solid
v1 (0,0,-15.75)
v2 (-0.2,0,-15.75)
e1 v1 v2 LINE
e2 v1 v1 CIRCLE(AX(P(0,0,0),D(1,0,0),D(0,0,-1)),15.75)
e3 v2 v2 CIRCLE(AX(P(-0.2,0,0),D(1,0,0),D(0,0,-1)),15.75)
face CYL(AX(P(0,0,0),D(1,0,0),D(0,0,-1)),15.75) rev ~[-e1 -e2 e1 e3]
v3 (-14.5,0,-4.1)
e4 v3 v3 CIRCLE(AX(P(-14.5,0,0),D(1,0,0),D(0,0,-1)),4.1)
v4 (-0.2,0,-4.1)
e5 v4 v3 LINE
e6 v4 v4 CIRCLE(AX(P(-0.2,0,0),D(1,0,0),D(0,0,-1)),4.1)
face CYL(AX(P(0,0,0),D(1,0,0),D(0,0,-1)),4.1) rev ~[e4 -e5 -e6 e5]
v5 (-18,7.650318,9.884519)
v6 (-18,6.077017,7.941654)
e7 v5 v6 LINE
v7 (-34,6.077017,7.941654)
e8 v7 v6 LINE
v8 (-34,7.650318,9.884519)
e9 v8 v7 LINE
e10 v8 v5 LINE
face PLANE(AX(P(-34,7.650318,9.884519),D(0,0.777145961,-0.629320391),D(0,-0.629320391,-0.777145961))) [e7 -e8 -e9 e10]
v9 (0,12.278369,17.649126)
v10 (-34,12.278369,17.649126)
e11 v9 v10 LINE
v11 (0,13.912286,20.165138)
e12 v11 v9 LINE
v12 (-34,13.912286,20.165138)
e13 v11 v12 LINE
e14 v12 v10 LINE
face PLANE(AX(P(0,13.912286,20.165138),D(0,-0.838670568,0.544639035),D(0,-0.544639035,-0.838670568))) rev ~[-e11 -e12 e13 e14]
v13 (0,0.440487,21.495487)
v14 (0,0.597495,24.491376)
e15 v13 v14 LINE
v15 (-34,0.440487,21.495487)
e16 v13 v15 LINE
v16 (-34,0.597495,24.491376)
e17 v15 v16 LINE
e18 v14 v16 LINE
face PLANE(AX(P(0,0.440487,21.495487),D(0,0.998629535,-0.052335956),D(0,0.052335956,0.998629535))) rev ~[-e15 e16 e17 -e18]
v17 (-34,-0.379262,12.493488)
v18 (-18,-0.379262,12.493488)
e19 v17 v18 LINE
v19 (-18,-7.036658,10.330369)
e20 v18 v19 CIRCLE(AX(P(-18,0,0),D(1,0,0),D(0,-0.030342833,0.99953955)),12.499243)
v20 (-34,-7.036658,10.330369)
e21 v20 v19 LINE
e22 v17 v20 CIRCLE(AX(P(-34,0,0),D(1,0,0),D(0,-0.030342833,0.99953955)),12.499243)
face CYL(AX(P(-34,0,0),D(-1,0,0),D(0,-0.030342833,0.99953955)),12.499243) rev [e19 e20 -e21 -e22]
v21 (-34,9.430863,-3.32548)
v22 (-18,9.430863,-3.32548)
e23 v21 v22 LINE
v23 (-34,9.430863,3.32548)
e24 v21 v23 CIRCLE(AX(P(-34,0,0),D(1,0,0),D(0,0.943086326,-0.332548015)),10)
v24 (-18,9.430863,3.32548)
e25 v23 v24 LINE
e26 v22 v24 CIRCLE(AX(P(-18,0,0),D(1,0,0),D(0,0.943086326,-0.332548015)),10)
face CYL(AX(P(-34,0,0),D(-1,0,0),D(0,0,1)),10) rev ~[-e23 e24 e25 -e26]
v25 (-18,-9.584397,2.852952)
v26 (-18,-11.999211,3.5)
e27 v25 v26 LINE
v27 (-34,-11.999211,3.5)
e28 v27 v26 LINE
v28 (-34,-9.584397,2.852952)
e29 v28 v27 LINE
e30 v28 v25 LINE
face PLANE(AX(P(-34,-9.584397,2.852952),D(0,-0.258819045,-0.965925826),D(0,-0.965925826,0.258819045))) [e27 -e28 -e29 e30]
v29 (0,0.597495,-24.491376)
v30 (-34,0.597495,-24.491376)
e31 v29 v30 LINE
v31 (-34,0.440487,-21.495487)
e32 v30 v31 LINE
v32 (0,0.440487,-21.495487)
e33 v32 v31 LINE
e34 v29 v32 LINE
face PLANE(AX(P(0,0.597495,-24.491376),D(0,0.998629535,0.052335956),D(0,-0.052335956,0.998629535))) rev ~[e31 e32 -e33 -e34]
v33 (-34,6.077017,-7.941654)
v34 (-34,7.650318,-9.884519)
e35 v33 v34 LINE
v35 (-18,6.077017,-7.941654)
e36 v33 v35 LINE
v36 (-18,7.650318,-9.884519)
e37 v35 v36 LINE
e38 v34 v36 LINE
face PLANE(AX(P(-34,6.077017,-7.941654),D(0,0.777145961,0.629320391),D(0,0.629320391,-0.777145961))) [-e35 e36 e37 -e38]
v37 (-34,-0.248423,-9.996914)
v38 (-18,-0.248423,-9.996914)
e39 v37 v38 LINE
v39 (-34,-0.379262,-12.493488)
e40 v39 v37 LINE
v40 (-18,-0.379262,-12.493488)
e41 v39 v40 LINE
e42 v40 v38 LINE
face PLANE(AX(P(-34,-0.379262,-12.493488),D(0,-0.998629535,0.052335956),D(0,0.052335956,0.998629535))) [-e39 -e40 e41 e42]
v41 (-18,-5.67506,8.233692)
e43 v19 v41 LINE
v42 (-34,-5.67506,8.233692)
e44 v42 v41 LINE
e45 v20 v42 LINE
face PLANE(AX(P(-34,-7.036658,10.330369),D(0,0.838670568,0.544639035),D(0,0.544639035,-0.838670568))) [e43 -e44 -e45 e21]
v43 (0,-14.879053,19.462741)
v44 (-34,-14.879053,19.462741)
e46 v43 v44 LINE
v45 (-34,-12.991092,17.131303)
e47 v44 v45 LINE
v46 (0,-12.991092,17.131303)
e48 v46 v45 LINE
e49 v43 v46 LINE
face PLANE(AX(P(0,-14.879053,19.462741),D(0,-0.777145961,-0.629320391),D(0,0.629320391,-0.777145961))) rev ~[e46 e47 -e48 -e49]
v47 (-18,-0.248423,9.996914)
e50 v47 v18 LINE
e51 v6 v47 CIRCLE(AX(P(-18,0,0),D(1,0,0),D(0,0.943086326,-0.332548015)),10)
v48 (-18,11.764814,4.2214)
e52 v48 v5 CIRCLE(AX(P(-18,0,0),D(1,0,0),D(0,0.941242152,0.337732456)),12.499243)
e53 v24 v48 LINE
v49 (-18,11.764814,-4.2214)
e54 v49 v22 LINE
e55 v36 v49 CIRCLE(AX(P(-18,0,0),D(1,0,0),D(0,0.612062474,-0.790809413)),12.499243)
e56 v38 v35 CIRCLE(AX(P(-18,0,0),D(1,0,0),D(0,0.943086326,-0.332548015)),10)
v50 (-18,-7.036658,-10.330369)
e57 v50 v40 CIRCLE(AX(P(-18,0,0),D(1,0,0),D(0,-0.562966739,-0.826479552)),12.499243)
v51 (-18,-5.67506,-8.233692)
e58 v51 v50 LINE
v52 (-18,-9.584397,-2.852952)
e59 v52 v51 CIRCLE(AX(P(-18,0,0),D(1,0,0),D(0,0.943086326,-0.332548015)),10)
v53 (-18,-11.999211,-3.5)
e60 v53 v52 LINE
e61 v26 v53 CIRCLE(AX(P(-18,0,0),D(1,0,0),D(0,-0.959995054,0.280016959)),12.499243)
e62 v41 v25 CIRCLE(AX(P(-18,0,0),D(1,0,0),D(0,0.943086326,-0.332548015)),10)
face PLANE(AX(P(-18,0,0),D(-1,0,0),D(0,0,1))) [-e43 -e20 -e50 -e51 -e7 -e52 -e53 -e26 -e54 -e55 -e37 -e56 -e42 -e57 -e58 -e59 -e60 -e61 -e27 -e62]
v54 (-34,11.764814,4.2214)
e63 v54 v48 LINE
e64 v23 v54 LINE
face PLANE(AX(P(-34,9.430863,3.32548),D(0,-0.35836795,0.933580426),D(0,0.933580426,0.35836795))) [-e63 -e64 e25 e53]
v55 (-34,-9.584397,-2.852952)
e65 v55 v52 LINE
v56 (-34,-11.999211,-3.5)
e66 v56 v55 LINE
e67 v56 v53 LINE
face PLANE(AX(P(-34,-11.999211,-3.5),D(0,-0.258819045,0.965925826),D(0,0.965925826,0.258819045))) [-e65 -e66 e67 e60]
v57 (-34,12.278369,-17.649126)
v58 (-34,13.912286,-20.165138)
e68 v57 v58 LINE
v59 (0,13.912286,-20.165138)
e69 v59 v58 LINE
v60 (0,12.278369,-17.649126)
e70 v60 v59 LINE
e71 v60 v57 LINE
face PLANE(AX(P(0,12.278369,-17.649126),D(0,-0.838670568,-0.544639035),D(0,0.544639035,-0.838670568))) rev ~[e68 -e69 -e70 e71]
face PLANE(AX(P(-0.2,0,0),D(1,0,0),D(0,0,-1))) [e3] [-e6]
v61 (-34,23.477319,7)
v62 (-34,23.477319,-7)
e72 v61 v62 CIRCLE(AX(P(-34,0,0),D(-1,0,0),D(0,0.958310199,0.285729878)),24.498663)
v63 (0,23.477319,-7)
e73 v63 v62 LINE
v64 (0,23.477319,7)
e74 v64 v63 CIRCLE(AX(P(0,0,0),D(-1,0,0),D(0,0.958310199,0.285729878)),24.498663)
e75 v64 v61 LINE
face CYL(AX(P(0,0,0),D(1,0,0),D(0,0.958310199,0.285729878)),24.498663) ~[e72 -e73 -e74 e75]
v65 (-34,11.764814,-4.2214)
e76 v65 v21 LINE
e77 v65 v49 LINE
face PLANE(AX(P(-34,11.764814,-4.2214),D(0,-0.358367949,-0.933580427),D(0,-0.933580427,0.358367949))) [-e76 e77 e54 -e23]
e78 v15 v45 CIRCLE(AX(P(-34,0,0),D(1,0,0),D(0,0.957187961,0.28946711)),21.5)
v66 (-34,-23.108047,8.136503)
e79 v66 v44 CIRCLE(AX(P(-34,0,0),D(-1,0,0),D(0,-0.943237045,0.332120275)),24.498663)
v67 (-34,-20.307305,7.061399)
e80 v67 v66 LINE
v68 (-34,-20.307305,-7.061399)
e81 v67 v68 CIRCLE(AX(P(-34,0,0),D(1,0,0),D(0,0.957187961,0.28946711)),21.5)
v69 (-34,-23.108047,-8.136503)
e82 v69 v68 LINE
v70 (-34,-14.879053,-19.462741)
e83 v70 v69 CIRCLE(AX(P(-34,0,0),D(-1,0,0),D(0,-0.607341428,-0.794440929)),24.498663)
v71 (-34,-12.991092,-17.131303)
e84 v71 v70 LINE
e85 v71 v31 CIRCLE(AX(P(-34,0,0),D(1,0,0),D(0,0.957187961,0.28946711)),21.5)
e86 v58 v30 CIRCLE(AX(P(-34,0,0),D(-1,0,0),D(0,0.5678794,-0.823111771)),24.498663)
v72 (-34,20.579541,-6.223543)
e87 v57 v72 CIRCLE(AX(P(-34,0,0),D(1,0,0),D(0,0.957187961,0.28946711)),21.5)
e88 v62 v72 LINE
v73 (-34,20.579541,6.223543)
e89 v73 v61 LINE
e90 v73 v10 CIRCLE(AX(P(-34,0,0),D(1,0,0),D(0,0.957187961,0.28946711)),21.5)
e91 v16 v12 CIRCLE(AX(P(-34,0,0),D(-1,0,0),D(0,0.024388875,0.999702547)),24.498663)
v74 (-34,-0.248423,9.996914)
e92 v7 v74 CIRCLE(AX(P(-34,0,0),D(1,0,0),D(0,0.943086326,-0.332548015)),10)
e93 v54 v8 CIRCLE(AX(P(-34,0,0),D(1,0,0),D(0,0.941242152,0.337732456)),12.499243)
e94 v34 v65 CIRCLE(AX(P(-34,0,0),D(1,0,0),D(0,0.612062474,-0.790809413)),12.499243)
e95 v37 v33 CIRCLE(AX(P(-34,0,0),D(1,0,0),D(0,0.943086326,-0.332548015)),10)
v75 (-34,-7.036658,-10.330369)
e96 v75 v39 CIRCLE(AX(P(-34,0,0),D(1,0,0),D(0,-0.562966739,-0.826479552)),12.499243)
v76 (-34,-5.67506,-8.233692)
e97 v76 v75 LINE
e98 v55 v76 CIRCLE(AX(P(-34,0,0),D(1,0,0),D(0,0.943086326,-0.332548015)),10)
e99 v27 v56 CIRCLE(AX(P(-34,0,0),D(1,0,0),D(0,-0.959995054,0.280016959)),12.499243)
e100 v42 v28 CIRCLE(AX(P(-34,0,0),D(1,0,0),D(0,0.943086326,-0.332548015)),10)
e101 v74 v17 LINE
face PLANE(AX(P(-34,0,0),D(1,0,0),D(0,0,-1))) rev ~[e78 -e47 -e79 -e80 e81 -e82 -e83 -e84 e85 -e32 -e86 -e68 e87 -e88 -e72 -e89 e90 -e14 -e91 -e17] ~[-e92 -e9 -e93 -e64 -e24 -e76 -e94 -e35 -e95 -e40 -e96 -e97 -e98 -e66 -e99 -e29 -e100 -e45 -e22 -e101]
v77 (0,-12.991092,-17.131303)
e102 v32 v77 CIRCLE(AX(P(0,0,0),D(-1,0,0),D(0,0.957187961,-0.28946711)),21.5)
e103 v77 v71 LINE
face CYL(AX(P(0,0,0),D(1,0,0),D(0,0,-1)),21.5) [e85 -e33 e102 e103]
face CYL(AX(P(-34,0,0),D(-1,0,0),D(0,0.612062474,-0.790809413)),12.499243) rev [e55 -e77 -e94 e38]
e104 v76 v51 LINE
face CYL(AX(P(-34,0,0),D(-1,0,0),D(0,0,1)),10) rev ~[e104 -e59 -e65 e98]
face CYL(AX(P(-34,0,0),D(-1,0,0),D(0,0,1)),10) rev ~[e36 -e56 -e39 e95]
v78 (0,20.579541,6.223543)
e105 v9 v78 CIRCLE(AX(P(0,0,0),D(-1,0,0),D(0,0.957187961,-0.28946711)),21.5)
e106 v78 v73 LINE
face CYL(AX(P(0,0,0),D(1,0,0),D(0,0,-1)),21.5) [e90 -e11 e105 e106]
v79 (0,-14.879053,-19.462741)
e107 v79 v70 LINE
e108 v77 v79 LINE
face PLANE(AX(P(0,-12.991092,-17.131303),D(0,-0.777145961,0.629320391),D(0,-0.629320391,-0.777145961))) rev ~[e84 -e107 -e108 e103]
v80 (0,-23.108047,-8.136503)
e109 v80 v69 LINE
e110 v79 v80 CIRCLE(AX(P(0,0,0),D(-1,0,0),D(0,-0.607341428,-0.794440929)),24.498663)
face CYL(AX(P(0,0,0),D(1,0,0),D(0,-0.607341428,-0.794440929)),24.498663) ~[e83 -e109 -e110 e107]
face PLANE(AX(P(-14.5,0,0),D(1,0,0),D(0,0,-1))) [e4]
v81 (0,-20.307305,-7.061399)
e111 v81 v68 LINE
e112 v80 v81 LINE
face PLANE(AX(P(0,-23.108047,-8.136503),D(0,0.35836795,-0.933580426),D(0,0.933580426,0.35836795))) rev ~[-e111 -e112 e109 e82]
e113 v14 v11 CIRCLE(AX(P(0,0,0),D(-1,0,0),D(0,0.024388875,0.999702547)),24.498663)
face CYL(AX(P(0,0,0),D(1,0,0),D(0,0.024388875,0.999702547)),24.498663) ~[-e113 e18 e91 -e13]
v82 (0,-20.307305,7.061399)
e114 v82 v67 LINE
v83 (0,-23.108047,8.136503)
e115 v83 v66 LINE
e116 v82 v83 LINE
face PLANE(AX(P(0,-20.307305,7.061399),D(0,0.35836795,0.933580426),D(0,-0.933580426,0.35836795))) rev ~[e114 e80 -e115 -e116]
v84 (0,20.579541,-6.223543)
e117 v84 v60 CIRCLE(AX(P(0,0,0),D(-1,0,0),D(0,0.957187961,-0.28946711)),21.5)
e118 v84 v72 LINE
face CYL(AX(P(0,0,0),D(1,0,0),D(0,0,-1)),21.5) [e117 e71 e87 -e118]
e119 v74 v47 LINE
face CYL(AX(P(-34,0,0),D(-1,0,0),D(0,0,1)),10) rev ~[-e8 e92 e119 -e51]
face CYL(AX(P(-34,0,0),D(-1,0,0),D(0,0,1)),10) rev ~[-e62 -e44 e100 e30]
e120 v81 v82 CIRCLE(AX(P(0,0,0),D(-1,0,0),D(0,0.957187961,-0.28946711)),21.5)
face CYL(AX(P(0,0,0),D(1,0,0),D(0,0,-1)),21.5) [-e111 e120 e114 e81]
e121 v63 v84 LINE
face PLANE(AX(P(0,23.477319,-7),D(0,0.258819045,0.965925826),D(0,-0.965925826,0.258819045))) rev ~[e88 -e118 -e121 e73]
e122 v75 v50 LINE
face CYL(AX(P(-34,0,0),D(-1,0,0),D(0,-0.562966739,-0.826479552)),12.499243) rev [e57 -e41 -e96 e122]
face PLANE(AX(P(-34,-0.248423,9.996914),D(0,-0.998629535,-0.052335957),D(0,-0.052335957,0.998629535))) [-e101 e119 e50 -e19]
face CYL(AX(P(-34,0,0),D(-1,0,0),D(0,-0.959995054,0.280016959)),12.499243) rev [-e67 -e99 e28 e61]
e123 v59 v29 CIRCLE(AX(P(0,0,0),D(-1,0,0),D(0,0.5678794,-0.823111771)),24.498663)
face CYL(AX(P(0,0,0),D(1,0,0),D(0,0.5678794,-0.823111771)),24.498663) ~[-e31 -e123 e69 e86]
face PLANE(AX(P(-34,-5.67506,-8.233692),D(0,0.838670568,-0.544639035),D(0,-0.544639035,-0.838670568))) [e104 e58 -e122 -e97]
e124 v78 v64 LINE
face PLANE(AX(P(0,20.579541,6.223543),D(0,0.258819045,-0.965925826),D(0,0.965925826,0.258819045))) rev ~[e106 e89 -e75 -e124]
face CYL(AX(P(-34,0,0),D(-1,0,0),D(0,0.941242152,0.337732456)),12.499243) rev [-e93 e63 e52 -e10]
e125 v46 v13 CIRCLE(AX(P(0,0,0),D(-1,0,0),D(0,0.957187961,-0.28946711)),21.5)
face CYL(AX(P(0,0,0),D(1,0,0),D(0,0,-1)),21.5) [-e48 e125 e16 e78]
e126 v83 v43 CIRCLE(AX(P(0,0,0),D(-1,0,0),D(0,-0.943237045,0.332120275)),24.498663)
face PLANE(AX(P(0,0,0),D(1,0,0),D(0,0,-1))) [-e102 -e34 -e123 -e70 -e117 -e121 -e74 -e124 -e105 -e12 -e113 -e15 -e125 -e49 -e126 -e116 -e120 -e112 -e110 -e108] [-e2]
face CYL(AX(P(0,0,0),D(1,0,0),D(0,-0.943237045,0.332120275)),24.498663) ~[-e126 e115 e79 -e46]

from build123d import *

# Parameters (mm, degrees)
SKETCH4_R                 = 21.5
BOSS_EXTRUDE1_DEPTH       = 34
BOSS_EXTRUDE2_DEPTH       = 34
CIRPATTERN1_COUNT         = 5
SKETCH7_R                 = 10
SHORTSHAFT_KEY1_DEPTH     = 16
SHORTSHAFT_KEY2_DEPTH     = 16
SHORTSHAFT_KEY_PATT_COUNT = 5
SKETCH10_R                = 15.75
PULLEYINDENTATION_DEPTH   = 0.2
SKETCH11_R                = 4.1
METAL_SHAFT_HOLE_DEPTH    = 14.5


with BuildPart() as part:
    # Sketch4 → Boss-Extrude1 (new body)
    with BuildSketch(Plane(origin=(0, 0, 0), x_dir=(0, 0, -1), z_dir=(1, 0, 0))):
        Circle(SKETCH4_R)
    extrude(amount=-BOSS_EXTRUDE1_DEPTH)

    # Sketch5 → Boss-Extrude2 (add)
    with BuildSketch(Plane(origin=(0, 0, 0), x_dir=(0, 0, -1), z_dir=(1, 0, 0))):
        with BuildLine():
            Line((-6.223542865, 20.579541156), (-7, 23.477318635))
            ThreePointArc((-7, 23.477318635), (0, 24.498663031), (7, 23.477318635))
            Line((7, 23.477318635), (6.223542865, 20.579541156))
            ThreePointArc((6.223542865, 20.579541156), (0, 21.5), (-6.223542865, 20.579541156))
        make_face()
    boss_extrude2 = extrude(amount=-BOSS_EXTRUDE2_DEPTH)

    # CirPattern1: Boss-Extrude2 ×5 about axis
    cirpattern1_axis = Axis((0, 0, 0), (1, 0, 0))
    for i in range(1, CIRPATTERN1_COUNT):
        add(boss_extrude2.rotate(cirpattern1_axis, i * 360 / CIRPATTERN1_COUNT))

    # Sketch7 → ShortShaft Key1 (cut)
    with BuildSketch(Plane.ZY.offset(34)):
        Circle(SKETCH7_R)
    extrude(amount=-SHORTSHAFT_KEY1_DEPTH, mode=Mode.SUBTRACT)

    # Sketch8 → ShortShaft Key2 (cut)
    with BuildSketch(Plane.ZY.offset(34)):
        with BuildLine():
            Line((-7.941654077, 6.077016581), (-9.88451898, 7.650317559))
            ThreePointArc((-9.88451898, 7.650317559), (-7.346870668, 10.11209996), (-4.22140002, 11.764814325))
            Line((-4.22140002, 11.764814325), (-3.325480146, 9.430863258))
            ThreePointArc((-3.325480146, 9.430863258), (-5.877852523, 8.090169944), (-7.941654077, 6.077016581))
        make_face()
    shortshaft_key2 = extrude(amount=-SHORTSHAFT_KEY2_DEPTH, mode=Mode.SUBTRACT)

    # ShortShaft Key Patt: ShortShaft Key2 ×5 about axis
    shortshaft_key_patt_axis = Axis((0, 0, 0), (1, 0, 0))
    for i in range(1, SHORTSHAFT_KEY_PATT_COUNT):
        add(shortshaft_key2.rotate(shortshaft_key_patt_axis, i * 360 / SHORTSHAFT_KEY_PATT_COUNT), mode=Mode.SUBTRACT)

    # Sketch10 → PulleyIndentation (cut)
    with BuildSketch(Plane(origin=(0, 0, 0), x_dir=(0, 0, -1), z_dir=(1, 0, 0))):
        Circle(SKETCH10_R)
    extrude(amount=-PULLEYINDENTATION_DEPTH, mode=Mode.SUBTRACT)

    # Sketch11 → Metal Shaft Hole (cut)
    with BuildSketch(Plane(origin=(0, 0, 0), x_dir=(0, 0, -1), z_dir=(1, 0, 0))):
        Circle(SKETCH11_R)
    extrude(amount=-METAL_SHAFT_HOLE_DEPTH, mode=Mode.SUBTRACT)


solid = part.part
